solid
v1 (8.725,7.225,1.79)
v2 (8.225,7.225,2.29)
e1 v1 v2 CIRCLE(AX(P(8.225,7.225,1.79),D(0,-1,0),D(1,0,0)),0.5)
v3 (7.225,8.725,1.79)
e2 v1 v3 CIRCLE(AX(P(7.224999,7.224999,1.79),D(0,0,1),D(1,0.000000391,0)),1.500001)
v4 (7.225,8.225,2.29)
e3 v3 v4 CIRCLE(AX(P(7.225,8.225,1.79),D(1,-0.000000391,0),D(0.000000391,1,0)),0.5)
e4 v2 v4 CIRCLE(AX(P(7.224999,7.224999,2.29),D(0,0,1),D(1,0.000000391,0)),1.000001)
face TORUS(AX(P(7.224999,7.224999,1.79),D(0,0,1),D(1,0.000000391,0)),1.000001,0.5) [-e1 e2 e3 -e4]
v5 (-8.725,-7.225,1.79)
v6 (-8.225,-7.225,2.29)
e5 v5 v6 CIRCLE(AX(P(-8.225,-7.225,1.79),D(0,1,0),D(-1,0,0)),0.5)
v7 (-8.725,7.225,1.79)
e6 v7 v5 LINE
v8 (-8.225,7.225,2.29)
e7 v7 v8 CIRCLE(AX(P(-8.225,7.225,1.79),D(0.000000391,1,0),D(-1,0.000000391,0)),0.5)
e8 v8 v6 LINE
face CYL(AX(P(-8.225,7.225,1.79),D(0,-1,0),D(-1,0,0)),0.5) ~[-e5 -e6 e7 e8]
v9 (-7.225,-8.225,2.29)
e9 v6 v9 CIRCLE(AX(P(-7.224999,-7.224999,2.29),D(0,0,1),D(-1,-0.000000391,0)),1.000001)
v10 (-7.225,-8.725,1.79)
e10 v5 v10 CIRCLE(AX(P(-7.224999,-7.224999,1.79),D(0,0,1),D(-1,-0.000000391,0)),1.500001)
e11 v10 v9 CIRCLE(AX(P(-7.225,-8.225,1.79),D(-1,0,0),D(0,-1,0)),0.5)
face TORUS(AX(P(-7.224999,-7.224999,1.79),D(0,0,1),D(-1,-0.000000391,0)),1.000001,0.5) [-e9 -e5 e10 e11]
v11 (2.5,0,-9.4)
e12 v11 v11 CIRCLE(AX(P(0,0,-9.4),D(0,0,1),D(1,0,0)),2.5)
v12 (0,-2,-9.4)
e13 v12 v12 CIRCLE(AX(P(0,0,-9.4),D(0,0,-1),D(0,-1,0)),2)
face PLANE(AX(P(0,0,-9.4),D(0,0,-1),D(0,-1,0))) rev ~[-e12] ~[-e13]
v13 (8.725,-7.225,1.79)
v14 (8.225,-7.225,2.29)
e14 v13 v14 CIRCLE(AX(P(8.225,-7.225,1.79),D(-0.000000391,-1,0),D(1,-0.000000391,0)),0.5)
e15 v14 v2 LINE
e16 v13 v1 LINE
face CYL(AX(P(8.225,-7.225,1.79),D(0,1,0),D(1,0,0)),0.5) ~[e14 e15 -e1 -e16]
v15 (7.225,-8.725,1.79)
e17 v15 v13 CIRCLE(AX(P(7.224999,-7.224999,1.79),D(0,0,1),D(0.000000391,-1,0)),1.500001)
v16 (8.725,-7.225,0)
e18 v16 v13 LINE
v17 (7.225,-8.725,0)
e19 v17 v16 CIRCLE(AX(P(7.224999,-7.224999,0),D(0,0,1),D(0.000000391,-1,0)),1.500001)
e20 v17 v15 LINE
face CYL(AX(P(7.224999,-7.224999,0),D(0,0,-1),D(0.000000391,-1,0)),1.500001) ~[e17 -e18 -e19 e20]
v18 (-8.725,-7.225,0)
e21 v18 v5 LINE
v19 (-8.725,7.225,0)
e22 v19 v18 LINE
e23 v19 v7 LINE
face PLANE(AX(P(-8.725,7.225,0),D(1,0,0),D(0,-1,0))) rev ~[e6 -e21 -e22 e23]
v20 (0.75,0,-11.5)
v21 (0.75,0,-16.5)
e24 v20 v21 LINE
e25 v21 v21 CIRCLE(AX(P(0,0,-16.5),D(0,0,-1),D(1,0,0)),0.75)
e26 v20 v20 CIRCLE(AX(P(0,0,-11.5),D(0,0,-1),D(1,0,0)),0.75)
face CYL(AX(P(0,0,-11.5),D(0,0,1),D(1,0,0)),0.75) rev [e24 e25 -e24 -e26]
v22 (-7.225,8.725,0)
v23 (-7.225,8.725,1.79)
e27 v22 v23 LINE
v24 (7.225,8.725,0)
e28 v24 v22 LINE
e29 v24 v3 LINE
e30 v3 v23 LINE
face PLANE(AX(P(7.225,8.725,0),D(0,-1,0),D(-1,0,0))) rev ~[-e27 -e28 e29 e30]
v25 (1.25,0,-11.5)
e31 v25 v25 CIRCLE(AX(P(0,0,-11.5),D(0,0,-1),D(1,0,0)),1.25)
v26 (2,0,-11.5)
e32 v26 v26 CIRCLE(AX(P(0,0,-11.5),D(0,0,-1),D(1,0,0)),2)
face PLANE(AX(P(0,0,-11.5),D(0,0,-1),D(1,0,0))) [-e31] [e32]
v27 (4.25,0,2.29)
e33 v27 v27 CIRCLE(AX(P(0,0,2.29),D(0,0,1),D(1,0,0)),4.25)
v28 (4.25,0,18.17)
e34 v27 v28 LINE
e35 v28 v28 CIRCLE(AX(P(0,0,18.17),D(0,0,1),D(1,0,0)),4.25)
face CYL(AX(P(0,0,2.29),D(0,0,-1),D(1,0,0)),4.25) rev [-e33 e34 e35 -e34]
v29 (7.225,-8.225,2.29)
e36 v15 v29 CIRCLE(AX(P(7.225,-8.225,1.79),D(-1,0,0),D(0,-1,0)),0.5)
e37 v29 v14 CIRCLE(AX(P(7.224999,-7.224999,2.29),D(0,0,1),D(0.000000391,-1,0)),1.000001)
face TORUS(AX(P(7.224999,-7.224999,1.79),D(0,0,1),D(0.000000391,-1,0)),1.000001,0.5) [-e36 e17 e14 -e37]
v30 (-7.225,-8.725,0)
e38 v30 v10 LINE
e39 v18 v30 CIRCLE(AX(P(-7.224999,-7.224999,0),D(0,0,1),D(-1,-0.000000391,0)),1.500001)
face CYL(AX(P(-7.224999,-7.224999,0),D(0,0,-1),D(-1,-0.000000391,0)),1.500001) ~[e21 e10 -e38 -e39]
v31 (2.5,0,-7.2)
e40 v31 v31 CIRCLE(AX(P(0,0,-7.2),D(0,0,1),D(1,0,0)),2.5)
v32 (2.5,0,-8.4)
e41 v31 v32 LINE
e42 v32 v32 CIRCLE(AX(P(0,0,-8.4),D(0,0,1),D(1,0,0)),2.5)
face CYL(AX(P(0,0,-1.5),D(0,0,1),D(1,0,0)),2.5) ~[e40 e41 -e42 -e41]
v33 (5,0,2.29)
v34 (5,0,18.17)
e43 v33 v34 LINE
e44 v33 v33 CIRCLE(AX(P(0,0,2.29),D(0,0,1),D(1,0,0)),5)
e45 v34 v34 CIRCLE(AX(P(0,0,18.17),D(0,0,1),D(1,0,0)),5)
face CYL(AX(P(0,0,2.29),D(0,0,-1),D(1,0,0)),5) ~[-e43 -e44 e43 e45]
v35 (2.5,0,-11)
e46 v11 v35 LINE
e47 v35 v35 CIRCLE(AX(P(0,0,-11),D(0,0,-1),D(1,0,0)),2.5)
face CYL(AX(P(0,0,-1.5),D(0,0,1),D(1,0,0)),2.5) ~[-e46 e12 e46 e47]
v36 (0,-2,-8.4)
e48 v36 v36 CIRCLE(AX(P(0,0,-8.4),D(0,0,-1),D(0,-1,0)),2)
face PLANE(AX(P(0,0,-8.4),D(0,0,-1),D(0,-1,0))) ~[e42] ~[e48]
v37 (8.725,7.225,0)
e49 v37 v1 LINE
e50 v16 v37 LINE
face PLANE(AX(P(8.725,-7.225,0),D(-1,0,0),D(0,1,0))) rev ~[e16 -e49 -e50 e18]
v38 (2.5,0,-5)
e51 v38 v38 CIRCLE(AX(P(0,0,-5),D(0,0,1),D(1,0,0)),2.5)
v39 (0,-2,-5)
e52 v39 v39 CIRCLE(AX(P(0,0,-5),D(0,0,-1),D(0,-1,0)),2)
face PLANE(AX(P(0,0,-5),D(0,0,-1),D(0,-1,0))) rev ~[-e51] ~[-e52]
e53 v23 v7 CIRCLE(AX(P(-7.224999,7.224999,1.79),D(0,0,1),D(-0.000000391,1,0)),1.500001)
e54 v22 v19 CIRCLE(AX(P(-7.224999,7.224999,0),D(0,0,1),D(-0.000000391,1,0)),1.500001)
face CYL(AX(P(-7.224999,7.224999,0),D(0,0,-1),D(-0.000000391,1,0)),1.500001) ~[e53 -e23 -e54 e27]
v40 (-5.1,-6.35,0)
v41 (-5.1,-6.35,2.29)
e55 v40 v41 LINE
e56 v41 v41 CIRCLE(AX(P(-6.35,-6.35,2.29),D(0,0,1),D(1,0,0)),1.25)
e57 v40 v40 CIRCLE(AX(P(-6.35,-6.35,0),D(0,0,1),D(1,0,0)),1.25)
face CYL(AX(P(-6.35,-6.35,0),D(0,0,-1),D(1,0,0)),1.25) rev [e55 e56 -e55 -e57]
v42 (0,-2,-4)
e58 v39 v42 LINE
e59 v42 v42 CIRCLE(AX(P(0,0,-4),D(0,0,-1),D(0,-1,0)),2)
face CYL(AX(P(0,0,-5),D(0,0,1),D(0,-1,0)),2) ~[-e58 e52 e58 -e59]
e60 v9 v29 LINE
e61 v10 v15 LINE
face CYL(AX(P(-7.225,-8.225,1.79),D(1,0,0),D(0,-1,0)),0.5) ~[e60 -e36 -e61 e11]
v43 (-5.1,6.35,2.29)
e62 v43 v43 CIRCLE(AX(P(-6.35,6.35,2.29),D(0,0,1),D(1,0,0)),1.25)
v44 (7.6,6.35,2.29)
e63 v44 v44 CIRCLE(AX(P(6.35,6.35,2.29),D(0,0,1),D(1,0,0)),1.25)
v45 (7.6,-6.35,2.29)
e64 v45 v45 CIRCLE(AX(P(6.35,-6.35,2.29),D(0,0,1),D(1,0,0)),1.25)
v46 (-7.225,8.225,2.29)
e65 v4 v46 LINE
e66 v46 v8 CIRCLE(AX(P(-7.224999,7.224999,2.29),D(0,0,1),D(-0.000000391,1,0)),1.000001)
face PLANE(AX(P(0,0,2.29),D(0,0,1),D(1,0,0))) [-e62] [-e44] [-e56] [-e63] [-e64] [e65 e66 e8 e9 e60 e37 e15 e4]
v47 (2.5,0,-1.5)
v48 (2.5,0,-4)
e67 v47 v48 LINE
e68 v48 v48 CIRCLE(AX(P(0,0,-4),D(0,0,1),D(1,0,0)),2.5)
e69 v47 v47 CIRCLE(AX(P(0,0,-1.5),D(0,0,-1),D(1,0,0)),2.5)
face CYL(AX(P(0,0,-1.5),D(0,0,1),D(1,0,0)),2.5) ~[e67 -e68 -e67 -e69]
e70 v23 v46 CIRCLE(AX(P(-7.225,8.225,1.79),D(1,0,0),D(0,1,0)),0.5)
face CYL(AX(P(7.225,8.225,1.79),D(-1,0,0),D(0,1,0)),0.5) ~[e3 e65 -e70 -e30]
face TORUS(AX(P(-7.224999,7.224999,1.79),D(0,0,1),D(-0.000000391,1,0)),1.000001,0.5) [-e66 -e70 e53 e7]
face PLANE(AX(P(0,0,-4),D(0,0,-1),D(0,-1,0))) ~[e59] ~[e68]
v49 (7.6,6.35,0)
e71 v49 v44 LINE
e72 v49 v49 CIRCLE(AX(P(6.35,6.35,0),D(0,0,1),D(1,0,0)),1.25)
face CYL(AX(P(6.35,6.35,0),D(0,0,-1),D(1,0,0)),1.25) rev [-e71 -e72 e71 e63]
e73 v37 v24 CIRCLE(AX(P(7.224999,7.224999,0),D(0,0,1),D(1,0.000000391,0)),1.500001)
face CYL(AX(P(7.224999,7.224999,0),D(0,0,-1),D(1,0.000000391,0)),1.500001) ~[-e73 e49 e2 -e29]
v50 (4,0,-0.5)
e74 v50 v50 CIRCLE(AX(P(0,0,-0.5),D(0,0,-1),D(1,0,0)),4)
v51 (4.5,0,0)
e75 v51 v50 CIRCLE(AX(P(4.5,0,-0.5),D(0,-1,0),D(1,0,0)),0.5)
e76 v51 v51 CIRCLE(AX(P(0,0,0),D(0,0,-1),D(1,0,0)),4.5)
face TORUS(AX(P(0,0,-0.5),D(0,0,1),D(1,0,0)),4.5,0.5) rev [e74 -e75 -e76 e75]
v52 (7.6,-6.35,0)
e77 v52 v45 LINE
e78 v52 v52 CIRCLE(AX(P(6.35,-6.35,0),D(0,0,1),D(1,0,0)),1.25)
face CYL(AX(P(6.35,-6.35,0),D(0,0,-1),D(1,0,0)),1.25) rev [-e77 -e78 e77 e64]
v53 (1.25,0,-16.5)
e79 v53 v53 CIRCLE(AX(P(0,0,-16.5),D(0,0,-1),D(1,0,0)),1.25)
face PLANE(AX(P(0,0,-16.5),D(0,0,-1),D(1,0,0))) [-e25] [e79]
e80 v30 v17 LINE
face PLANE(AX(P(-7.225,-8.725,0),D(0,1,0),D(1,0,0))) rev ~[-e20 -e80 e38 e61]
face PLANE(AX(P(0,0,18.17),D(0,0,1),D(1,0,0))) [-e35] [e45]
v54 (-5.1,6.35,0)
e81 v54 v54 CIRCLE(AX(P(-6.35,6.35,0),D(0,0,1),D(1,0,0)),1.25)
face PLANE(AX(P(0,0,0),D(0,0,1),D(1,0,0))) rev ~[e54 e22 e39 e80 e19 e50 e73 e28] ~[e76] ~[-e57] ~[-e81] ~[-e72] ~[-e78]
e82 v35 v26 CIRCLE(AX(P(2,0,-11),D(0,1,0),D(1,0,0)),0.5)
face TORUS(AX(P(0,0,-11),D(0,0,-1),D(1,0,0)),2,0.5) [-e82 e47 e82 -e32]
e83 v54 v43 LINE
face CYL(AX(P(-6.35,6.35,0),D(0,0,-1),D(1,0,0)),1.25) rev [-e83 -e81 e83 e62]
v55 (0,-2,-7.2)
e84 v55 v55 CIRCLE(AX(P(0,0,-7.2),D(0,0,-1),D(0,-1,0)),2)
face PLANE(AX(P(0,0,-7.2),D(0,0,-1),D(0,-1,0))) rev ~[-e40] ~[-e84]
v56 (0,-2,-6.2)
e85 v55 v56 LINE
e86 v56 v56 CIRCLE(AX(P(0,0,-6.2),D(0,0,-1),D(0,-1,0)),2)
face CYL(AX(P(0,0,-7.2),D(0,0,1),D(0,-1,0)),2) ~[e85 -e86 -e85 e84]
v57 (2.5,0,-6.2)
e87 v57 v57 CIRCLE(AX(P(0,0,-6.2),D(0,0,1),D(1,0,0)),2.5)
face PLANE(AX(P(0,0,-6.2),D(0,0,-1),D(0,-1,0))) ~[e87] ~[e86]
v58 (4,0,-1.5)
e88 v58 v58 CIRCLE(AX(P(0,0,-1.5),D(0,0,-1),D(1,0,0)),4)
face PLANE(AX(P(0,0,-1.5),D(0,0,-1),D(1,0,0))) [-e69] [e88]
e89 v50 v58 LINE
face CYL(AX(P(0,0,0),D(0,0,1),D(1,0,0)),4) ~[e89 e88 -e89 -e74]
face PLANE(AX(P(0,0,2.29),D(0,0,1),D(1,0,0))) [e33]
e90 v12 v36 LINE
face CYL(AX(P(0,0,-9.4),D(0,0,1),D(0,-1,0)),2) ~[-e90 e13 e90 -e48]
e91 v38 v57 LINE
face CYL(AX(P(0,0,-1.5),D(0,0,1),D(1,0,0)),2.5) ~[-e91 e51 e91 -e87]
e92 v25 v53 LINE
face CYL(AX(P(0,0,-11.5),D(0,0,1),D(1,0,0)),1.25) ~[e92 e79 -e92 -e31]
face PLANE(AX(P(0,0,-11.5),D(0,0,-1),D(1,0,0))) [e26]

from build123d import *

# Parameters (mm, degrees)
F0_R      = 1.25
F1_DEPTH  = 2.29
F2_R      = 0.5
F3_R      = 5
F3_R_2    = 4.25
F4_DEPTH  = 15.88
F5_R      = 4
F6_DEPTH  = 1.5
F7_R      = 2.5
F8_DEPTH  = 10
F9_R      = 0.5
F12_R     = 1.25
F12_R_2   = 0.75
F13_DEPTH = 5


with BuildPart() as f1:
    # F0 (on Top) → F1 (new body)
    with BuildSketch(Plane.XY):
        with BuildLine():
            Line((-7.225, -8.725), (7.225, -8.725))
            ThreePointArc((7.225, -8.725), (8.28566, -8.28566), (8.725, -7.225))
            Line((8.725, -7.225), (8.725, 7.225))
            ThreePointArc((8.725, 7.225), (8.28566, 8.28566), (7.225, 8.725))
            Line((7.225, 8.725), (-7.225, 8.725))
            ThreePointArc((-7.225, 8.725), (-8.28566, 8.28566), (-8.725, 7.225))
            Line((-8.725, 7.225), (-8.725, -7.225))
            ThreePointArc((-8.725, -7.225), (-8.28566, -8.28566), (-7.225, -8.725))
        make_face()
        with Locations((-6.35, -6.35)):
            Circle(F0_R, mode=Mode.SUBTRACT)
        with Locations((6.35, -6.35)):
            Circle(F0_R, mode=Mode.SUBTRACT)
        with Locations((-6.35, 6.35)):
            Circle(F0_R, mode=Mode.SUBTRACT)
        with Locations((6.35, 6.35)):
            Circle(F0_R, mode=Mode.SUBTRACT)
    extrude(amount=F1_DEPTH)

    # F2
    f2_edges = [f1.edges().sort_by_distance(p)[0] for p in [
        (0, -8.725, 2.29),
    ]]
    fillet(f2_edges, radius=F2_R)

    # F3 (on face) → F4 (join)
    with BuildSketch(Plane.XY.offset(2.29)):
        Circle(F3_R)
        Circle(F3_R_2, mode=Mode.SUBTRACT)
    extrude(amount=F4_DEPTH)

    # F5 (on face) → F6 (join)
    with BuildSketch(Plane(origin=(0, 0, 0), x_dir=(1, 0, 0), z_dir=(0, 0, -1))):
        Circle(F5_R)
    extrude(amount=F6_DEPTH)

    # F7 (on face) → F8 (join)
    with BuildSketch(Plane(origin=(0, 0, -1.5), x_dir=(1, 0, 0), z_dir=(0, 0, -1))):
        Circle(F7_R)
    extrude(amount=F8_DEPTH)

    # F9
    f9_edges = [f1.edges().sort_by_distance(p)[0] for p in [
        (-4, 0, 0),
        (-2.5, 0, -11.5),
    ]]
    fillet(f9_edges, radius=F9_R)

    # F10 (on Right) → F11 (revolve, cut)
    with BuildSketch(Plane.YZ):
        Polygon((-2, -5), (-2, -4), (-6, -4), (-6, -9.4), (-2, -9.4), (-2, -8.4), (-3.5, -8.4), (-3.5, -7.2), (-2, -7.2), (-2, -6.2), (-3.5, -6.2), (-3.5, -5), align=None)
    revolve(axis=Axis((0, 0, -7.479729), (0, 0, -1)), mode=Mode.SUBTRACT)

    # F12 (on face) → F13 (join)
    with BuildSketch(Plane(origin=(0, 0, -11.5), x_dir=(1, 0, 0), z_dir=(0, 0, -1))):
        Circle(F12_R)
        Circle(F12_R_2, mode=Mode.SUBTRACT)
    extrude(amount=F13_DEPTH)


solid = f1.part
